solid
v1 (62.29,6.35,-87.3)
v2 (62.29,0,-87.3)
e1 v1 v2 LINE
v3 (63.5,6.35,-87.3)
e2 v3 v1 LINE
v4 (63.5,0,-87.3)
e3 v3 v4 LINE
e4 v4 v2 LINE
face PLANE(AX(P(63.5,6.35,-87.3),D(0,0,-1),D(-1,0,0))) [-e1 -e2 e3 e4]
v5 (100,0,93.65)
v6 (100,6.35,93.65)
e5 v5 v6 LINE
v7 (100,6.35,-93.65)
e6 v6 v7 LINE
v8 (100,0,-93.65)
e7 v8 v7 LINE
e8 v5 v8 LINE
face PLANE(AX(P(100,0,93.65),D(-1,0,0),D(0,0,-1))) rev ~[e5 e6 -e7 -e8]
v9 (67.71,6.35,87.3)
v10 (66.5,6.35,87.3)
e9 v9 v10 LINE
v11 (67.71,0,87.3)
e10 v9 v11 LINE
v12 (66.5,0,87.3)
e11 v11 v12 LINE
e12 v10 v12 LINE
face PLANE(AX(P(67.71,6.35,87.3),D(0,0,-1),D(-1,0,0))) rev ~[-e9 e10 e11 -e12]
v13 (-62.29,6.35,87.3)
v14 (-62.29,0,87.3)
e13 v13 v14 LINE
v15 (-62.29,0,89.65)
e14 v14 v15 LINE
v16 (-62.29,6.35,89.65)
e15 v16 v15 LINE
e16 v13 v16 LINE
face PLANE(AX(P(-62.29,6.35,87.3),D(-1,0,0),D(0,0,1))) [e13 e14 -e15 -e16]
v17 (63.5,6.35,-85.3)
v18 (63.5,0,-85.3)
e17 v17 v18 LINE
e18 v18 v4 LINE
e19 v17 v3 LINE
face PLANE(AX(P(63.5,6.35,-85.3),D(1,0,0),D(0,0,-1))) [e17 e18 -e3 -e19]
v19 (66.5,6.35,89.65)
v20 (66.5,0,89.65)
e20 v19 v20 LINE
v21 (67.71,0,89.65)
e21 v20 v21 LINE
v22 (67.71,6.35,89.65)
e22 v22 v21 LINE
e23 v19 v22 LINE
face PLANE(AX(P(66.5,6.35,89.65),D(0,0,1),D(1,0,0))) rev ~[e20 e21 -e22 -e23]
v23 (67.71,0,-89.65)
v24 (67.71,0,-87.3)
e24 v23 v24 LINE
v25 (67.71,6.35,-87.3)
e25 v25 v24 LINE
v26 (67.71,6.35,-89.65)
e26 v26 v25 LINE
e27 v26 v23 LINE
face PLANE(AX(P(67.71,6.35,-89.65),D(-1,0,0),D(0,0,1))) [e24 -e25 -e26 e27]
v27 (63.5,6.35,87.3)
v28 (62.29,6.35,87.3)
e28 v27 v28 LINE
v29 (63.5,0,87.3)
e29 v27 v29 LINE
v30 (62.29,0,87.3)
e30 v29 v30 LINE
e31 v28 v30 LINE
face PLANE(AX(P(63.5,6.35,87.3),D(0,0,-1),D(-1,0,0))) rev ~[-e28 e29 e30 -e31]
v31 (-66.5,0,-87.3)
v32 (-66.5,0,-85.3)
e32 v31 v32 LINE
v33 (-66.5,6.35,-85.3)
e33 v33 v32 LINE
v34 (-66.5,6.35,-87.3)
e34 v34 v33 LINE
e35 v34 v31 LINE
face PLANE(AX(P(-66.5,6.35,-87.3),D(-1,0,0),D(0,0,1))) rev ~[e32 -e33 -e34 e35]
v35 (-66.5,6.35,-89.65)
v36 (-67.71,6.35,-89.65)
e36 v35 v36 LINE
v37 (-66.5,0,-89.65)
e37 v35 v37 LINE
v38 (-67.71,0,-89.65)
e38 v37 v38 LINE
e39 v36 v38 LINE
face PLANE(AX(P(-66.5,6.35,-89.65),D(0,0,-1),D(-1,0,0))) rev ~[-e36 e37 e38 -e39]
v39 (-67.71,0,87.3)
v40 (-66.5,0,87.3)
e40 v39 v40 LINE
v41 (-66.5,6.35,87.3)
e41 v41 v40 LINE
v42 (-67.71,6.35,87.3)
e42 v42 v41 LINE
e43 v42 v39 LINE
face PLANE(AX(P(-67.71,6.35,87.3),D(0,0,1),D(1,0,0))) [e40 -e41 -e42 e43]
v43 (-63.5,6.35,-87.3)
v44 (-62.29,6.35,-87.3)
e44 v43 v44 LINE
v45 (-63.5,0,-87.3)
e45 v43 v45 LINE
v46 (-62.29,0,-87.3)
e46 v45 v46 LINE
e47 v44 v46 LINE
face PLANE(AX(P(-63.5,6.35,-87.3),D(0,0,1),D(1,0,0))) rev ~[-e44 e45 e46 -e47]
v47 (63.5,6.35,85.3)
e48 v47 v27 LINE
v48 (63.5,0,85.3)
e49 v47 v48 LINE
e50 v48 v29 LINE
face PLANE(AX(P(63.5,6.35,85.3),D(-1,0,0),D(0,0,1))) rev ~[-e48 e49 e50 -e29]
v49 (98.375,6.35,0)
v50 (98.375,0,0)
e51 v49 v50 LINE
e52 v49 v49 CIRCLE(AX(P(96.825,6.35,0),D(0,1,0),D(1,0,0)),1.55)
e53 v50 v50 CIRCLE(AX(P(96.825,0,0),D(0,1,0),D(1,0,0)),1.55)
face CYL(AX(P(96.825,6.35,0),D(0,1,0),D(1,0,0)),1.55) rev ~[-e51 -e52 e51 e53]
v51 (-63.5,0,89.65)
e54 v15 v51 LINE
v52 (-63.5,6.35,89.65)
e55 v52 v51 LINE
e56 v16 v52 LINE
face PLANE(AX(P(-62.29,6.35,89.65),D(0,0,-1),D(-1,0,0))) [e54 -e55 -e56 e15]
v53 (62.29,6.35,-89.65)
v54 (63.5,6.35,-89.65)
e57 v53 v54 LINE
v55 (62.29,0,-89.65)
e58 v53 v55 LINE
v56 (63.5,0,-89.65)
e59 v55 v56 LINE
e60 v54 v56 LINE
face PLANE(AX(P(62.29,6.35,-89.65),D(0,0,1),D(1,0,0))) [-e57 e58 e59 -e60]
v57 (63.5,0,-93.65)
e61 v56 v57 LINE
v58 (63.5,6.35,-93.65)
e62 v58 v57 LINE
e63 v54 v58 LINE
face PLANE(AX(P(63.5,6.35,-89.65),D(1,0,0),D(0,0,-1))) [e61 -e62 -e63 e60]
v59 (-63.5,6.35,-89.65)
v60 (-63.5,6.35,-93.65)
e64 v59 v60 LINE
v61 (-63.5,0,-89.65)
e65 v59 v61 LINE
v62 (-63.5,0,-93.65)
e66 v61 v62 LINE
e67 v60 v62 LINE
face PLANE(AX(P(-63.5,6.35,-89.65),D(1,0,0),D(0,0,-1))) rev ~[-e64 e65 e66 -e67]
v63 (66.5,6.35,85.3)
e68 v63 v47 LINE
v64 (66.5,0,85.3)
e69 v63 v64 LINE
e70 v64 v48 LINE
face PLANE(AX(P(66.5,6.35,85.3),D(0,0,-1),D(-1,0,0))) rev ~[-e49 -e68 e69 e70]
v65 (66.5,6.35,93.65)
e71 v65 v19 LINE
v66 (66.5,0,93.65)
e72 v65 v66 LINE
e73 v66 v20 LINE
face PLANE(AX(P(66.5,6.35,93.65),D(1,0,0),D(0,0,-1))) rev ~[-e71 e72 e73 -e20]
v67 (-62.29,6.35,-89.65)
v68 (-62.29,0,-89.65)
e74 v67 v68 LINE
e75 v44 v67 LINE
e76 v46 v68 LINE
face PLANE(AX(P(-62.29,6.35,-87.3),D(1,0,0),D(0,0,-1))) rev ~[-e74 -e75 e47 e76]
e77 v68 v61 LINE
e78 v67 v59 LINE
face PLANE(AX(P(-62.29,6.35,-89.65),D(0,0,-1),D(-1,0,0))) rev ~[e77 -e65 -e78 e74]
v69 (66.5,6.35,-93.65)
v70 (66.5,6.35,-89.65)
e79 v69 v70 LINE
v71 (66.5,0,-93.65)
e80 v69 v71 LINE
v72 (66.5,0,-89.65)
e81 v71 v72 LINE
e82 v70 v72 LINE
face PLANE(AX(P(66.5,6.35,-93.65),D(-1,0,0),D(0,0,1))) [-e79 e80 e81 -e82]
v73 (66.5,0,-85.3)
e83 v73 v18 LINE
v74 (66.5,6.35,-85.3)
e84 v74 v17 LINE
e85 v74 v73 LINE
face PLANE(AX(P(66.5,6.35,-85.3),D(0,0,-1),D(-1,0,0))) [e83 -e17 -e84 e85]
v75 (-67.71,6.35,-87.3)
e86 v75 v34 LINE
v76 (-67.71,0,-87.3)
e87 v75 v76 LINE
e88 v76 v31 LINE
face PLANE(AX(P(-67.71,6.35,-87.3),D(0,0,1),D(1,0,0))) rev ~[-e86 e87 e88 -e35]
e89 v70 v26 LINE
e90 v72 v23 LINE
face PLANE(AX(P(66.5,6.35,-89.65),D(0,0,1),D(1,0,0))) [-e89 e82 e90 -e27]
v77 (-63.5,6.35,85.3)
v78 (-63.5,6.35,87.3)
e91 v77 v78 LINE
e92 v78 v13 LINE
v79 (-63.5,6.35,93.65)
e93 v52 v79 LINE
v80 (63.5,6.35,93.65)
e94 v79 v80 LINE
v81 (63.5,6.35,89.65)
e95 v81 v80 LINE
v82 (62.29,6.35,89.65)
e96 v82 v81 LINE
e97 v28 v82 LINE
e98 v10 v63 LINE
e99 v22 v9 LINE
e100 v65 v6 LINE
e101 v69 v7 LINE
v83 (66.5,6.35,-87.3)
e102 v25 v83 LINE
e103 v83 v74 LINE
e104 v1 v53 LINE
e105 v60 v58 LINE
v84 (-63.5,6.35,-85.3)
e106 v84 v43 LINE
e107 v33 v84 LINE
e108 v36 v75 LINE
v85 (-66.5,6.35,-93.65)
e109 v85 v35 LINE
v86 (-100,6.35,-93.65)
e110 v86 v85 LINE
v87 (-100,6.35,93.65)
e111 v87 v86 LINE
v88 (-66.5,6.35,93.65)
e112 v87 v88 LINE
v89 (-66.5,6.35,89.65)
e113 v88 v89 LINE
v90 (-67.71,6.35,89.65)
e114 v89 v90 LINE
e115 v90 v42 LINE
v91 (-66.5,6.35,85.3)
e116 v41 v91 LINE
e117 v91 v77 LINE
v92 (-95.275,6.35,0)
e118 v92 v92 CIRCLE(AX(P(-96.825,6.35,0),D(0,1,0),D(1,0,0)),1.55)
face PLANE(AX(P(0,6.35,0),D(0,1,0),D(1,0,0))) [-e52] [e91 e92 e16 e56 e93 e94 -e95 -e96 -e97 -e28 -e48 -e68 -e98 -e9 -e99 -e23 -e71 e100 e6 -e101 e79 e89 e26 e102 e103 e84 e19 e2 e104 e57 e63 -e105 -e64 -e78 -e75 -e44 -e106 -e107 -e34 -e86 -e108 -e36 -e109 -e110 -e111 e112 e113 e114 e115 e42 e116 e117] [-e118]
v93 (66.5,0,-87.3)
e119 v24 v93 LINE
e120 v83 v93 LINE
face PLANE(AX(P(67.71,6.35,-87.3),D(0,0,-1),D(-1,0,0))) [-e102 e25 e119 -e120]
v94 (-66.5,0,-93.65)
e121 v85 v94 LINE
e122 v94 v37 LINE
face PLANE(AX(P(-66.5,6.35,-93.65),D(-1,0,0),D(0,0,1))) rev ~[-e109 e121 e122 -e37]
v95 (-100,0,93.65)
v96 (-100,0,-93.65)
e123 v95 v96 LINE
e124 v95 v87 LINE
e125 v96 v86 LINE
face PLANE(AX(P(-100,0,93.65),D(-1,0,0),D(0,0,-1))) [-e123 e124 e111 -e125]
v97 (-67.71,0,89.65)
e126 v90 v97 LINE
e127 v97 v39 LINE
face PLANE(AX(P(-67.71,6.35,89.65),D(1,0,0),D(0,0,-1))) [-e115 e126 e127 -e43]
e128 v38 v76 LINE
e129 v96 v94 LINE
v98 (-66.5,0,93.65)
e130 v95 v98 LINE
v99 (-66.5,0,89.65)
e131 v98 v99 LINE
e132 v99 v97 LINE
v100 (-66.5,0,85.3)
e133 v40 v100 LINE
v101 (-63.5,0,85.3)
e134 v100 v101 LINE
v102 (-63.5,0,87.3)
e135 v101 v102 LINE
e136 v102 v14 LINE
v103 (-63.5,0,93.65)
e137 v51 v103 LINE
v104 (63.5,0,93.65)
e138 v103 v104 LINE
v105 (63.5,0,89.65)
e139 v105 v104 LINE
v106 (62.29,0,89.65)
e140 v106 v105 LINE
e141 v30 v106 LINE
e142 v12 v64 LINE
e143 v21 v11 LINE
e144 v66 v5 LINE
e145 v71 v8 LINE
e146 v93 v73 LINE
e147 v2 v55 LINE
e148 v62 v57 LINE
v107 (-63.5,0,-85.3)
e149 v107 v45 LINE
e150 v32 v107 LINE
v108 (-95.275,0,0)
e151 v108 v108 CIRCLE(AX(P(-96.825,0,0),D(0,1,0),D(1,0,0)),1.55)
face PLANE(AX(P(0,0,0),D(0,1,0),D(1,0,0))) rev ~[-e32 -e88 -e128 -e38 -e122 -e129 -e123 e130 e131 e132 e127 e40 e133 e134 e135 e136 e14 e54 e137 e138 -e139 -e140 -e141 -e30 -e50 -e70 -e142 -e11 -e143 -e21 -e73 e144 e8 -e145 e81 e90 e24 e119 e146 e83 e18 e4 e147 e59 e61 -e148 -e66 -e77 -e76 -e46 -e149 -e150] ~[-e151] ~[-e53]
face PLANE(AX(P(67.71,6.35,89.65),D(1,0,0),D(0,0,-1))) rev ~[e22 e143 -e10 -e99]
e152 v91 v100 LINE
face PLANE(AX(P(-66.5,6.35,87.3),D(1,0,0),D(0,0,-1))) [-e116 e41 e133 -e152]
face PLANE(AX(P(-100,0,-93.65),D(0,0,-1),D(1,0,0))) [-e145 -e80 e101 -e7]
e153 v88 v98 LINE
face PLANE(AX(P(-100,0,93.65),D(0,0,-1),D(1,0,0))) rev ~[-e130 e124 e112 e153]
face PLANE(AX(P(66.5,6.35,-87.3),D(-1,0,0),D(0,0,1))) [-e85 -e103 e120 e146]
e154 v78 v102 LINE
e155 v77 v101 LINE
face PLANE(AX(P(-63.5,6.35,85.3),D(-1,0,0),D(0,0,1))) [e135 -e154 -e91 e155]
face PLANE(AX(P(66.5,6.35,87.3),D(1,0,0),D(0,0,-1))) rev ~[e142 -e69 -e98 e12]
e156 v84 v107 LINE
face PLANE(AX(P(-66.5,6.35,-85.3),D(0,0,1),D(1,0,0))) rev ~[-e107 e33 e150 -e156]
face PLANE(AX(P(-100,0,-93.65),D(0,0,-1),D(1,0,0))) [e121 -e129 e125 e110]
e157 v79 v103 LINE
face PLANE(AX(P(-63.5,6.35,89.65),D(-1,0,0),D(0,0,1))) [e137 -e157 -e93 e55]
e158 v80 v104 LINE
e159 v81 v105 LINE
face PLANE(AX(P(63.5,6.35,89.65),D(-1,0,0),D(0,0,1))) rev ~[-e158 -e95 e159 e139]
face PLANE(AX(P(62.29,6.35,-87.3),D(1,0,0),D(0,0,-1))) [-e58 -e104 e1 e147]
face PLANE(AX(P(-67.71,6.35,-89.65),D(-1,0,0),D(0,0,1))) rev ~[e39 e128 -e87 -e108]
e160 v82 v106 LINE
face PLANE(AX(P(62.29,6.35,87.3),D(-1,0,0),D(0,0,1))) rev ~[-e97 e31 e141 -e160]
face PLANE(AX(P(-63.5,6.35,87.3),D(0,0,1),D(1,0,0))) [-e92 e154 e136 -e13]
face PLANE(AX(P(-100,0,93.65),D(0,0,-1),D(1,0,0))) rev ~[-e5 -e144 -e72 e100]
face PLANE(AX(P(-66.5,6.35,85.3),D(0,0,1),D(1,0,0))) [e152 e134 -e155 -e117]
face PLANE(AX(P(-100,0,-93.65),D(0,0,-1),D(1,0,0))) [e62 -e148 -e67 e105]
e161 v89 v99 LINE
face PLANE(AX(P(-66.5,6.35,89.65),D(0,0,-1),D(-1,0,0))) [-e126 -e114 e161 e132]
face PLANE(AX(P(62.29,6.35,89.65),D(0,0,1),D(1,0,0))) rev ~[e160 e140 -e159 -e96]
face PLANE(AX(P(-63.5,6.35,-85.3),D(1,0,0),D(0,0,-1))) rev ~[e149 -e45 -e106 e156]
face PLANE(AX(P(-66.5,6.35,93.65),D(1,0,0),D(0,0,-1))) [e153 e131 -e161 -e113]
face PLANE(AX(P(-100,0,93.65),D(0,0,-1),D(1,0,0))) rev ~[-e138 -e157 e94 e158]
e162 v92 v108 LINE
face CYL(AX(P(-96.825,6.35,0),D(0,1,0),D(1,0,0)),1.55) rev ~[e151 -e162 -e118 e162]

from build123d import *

# Parameters (mm, degrees)
SKETCH1_W           = 200
SKETCH1_H           = 187.3
BOSS_EXTRUDE1_DEPTH = 6.35
SKETCH2_R           = 1.55
CUT_EXTRUDE1_DEPTH  = 7.35


with BuildPart() as part:
    # Sketch1 → Boss-Extrude1 (new body)
    with BuildSketch(Plane(origin=(0, 0, 0), x_dir=(1, 0, 0), z_dir=(0, 1, 0))):
        Rectangle(SKETCH1_W, SKETCH1_H)
    extrude(amount=BOSS_EXTRUDE1_DEPTH)

    # Sketch2 → Cut-Extrude1 (cut, through all)
    with BuildSketch(Plane(origin=(0, 6.35, 0), x_dir=(1, 0, 0), z_dir=(0, 1, 0))):
        with Locations((-96.825, 0)):
            Circle(SKETCH2_R)
        with Locations((96.825, 0)):
            Circle(SKETCH2_R)
        Polygon((-63.5, 87.3), (-62.29, 87.3), (-62.29, 89.65), (-63.5, 89.65), (-63.5, 93.65), (-66.5, 93.65), (-66.5, 89.65), (-67.71, 89.65), (-67.71, 87.3), (-66.5, 87.3), (-66.5, 85.3), (-63.5, 85.3), align=None)
        Polygon((66.5, 93.65), (66.5, 89.65), (67.71, 89.65), (67.71, 87.3), (66.5, 87.3), (66.5, 85.3), (63.5, 85.3), (63.5, 87.3), (62.29, 87.3), (62.29, 89.65), (63.5, 89.65), (63.5, 93.65), align=None)
        Polygon((63.5, -87.3), (62.29, -87.3), (62.29, -89.65), (63.5, -89.65), (63.5, -93.65), (66.5, -93.65), (66.5, -89.65), (67.71, -89.65), (67.71, -87.3), (66.5, -87.3), (66.5, -85.3), (63.5, -85.3), align=None)
        Polygon((-66.5, -93.65), (-66.5, -89.65), (-67.71, -89.65), (-67.71, -87.3), (-66.5, -87.3), (-66.5, -85.3), (-63.5, -85.3), (-63.5, -87.3), (-62.29, -87.3), (-62.29, -89.65), (-63.5, -89.65), (-63.5, -93.65), align=None)
    extrude(amount=-CUT_EXTRUDE1_DEPTH, mode=Mode.SUBTRACT)


solid = part.part
